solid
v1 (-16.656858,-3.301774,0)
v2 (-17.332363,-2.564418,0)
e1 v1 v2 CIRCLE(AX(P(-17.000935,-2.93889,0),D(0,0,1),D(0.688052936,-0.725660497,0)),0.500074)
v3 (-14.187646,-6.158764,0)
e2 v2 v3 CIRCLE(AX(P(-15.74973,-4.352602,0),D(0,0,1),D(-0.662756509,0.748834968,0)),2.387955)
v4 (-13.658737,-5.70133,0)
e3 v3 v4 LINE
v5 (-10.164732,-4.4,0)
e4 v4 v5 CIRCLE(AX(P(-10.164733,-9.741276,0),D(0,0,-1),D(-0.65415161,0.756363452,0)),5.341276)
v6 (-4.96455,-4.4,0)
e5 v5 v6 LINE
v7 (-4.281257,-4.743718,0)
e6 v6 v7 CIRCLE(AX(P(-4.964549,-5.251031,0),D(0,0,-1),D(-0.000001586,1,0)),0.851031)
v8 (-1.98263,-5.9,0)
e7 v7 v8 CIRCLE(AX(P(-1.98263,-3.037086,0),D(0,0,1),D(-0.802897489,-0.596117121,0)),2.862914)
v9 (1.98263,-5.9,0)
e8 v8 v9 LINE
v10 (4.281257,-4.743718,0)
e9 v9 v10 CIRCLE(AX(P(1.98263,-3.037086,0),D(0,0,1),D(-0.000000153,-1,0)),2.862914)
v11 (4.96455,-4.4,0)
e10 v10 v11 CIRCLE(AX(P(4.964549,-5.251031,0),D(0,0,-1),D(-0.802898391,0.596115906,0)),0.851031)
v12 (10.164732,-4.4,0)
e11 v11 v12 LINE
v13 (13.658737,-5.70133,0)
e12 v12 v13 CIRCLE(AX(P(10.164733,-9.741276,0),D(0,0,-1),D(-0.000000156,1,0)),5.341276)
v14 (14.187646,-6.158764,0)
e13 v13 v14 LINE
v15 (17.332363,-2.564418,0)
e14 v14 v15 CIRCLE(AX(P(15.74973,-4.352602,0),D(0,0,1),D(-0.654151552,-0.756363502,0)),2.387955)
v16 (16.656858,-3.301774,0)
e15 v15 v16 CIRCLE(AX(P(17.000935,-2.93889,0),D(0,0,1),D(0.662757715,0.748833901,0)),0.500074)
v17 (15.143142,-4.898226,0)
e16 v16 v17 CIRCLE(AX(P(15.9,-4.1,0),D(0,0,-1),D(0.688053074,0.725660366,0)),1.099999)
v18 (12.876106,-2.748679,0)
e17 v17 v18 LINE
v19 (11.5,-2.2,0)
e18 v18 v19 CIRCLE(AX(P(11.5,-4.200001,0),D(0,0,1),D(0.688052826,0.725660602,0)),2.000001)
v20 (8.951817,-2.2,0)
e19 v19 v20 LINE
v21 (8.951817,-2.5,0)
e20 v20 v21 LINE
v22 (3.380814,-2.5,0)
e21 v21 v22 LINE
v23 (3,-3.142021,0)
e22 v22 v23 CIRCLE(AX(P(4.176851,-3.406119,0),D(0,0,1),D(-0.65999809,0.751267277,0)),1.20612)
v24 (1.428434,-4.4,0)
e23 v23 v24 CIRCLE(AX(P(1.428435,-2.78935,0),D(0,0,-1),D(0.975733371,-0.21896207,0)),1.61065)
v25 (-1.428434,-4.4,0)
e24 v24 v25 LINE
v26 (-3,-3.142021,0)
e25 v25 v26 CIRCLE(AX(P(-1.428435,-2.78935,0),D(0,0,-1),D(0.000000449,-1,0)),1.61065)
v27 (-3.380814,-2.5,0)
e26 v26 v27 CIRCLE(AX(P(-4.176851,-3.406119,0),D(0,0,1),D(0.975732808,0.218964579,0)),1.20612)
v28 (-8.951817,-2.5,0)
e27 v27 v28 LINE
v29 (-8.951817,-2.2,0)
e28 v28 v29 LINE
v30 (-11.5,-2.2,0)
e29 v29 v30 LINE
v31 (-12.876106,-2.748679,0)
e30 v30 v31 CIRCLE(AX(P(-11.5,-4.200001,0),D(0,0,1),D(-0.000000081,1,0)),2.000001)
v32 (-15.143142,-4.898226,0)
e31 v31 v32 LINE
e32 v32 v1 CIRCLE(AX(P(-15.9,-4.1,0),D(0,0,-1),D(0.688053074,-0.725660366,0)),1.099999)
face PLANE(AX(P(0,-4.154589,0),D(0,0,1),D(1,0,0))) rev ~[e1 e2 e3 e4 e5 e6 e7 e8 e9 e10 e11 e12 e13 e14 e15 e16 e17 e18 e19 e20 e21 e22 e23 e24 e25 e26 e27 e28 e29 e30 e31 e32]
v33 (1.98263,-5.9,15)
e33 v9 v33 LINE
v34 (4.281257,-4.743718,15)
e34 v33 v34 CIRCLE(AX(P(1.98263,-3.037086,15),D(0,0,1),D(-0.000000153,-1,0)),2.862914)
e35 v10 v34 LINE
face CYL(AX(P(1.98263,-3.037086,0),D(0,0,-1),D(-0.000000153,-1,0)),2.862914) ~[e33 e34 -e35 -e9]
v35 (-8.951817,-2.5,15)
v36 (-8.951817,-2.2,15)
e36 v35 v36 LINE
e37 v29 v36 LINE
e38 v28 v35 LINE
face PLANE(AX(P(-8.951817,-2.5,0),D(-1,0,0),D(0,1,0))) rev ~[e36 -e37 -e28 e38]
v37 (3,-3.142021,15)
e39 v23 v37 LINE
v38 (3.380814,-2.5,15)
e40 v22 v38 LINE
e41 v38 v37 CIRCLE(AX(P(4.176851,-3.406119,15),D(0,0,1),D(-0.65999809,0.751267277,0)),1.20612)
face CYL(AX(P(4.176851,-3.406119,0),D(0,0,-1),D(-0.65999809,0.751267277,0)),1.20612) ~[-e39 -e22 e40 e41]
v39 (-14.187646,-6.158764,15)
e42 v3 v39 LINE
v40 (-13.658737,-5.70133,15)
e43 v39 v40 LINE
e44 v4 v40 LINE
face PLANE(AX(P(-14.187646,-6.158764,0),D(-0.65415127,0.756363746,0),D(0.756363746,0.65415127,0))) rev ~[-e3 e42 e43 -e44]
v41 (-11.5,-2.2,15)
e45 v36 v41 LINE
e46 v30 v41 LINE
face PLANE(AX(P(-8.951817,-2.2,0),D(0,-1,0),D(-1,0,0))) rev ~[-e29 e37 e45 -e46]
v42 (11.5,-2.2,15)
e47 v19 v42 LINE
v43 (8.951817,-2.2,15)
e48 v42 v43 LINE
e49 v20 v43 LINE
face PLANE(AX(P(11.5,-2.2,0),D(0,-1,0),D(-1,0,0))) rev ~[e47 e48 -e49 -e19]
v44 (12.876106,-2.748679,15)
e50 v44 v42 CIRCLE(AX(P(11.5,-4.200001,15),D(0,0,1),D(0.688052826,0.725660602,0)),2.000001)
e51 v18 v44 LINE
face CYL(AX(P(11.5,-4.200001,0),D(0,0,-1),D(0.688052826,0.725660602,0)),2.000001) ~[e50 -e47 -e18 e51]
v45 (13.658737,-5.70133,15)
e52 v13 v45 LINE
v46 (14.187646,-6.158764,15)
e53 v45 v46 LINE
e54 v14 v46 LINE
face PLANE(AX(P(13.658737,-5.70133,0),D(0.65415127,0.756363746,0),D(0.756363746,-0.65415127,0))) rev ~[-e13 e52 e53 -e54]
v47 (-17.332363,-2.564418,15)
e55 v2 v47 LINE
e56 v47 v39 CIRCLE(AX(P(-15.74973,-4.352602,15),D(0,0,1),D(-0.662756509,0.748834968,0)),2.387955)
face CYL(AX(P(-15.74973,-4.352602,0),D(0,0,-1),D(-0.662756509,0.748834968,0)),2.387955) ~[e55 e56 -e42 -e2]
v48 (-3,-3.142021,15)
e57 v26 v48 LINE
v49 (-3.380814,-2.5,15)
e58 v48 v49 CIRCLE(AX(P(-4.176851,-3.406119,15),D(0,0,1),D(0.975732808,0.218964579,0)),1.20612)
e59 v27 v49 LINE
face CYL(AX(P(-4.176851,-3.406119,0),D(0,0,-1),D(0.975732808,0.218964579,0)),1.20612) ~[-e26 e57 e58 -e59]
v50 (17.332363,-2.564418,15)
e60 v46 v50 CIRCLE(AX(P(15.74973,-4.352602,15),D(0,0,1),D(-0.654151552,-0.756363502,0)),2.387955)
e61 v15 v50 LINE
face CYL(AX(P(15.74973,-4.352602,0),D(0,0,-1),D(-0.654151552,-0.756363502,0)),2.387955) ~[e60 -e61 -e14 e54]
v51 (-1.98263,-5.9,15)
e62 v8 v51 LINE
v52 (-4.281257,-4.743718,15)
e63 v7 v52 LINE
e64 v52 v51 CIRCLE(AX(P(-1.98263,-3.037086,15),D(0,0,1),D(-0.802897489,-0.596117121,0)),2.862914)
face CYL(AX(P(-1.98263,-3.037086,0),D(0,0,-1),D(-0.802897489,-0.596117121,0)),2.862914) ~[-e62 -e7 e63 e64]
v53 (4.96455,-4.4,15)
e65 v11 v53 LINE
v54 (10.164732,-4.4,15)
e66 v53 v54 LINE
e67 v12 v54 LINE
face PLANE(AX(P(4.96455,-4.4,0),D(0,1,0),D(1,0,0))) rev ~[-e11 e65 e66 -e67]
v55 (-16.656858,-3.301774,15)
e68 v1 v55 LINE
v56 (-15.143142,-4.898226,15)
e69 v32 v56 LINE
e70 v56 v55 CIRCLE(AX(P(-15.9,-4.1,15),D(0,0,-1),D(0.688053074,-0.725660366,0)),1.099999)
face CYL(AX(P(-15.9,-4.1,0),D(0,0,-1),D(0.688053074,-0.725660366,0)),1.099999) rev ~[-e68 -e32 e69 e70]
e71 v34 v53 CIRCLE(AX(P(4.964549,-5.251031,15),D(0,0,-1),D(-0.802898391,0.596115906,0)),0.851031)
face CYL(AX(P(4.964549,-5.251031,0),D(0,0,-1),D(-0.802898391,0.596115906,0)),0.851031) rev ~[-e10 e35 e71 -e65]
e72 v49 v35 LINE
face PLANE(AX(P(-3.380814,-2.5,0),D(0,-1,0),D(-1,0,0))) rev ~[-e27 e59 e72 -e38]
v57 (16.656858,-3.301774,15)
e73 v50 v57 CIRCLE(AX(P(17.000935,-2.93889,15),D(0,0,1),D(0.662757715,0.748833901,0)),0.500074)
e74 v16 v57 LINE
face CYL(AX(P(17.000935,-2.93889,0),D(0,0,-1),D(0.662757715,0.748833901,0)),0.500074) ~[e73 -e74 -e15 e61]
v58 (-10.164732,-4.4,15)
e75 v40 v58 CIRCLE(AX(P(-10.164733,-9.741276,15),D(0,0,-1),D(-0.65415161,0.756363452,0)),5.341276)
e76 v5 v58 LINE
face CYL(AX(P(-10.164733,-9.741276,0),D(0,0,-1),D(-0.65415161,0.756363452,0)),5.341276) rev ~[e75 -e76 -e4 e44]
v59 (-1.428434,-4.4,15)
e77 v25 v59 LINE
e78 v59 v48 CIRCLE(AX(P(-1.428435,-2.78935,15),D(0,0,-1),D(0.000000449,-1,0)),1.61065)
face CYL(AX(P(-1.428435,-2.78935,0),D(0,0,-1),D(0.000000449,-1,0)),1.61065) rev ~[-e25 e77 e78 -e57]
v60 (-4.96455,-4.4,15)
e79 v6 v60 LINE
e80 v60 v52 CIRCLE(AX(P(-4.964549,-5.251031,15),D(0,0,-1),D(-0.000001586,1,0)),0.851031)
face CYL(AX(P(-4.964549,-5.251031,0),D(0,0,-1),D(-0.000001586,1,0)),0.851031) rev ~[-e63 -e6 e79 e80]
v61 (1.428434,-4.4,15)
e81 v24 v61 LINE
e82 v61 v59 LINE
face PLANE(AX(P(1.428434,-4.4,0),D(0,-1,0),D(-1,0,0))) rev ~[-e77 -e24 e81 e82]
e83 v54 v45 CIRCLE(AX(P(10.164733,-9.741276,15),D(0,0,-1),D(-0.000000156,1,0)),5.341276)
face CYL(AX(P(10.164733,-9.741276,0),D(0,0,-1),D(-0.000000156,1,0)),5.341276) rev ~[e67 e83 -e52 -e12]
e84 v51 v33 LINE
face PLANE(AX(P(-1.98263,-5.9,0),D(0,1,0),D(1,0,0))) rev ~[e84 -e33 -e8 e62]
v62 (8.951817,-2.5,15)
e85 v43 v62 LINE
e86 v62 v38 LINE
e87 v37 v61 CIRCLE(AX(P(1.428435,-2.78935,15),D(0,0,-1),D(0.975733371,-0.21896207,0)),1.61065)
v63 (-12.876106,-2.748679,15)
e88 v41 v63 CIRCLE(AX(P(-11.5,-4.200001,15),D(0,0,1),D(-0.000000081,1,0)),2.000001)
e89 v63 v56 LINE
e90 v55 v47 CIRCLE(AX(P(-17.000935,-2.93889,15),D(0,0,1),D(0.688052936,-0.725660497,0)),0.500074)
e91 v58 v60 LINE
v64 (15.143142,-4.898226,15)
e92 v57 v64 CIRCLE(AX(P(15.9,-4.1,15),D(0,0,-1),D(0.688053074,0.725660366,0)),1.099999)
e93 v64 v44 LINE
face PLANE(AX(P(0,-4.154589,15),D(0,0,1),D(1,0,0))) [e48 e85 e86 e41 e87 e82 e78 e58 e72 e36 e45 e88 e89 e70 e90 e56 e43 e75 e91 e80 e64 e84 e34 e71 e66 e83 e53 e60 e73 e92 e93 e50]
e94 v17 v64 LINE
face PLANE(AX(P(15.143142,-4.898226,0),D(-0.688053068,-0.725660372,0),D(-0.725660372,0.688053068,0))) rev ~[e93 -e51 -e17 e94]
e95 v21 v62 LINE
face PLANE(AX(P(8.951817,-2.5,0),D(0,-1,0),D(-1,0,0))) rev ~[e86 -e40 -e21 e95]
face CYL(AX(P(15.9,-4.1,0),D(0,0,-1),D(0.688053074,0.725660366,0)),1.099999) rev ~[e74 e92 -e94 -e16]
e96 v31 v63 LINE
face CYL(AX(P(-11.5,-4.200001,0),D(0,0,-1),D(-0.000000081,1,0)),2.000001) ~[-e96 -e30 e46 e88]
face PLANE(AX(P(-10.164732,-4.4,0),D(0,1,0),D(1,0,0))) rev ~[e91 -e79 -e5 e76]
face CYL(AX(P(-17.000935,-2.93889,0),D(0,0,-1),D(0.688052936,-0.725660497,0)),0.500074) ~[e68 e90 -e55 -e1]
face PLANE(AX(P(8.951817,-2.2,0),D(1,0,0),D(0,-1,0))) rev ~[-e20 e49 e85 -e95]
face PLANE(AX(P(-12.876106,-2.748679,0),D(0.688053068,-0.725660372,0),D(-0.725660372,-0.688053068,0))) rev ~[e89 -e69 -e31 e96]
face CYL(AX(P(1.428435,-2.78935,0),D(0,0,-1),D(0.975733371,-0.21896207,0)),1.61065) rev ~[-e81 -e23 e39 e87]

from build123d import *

# Parameters (mm, degrees)
F1_DEPTH = 15


with BuildPart() as f1:
    # F0 (on Top) → F1 (new body)
    with BuildSketch(Plane.XY):
        with BuildLine():
            Line((11.5, -2.2), (8.951817, -2.2))
            Line((8.951817, -2.2), (8.951817, -2.5))
            Line((8.951817, -2.5), (3.380814, -2.5))
            ThreePointArc((3.380814, -2.5), (3.139489, -2.790809), (3, -3.142021))
            ThreePointArc((3, -3.142021), (2.434954, -4.046773), (1.428434, -4.4))
            Line((1.428434, -4.4), (0, -4.4))
            Line((0, -4.4), (-1.428434, -4.4))
            ThreePointArc((-1.428434, -4.4), (-2.434954, -4.046773), (-3, -3.142021))
            ThreePointArc((-3, -3.142021), (-3.139489, -2.790809), (-3.380814, -2.5))
            Line((-3.380814, -2.5), (-8.951817, -2.5))
            Line((-8.951817, -2.5), (-8.951817, -2.2))
            Line((-8.951817, -2.2), (-11.5, -2.2))
            ThreePointArc((-11.5, -2.2), (-12.240729, -2.342227), (-12.876106, -2.748679))
            Line((-12.876106, -2.748679), (-15.143142, -4.898226))
            ThreePointArc((-15.143142, -4.898226), (-16.698226, -4.856858), (-16.656858, -3.301774))
            ThreePointArc((-16.656858, -3.301774), (-16.632203, -2.601088), (-17.332363, -2.564418))
            ThreePointArc((-17.332363, -2.564418), (-17.546933, -5.924986), (-14.187646, -6.158764))
            Line((-14.187646, -6.158764), (-13.658737, -5.70133))
            ThreePointArc((-13.658737, -5.70133), (-12.02897, -4.735894), (-10.164732, -4.4))
            Line((-10.164732, -4.4), (-4.96455, -4.4))
            ThreePointArc((-4.96455, -4.4), (-4.582113, -4.49077), (-4.281257, -4.743718))
            ThreePointArc((-4.281257, -4.743718), (-3.269164, -5.594645), (-1.98263, -5.9))
            Line((-1.98263, -5.9), (0, -5.9))
            Line((0, -5.9), (1.98263, -5.9))
            ThreePointArc((1.98263, -5.9), (3.269164, -5.594645), (4.281257, -4.743718))
            ThreePointArc((4.281257, -4.743718), (4.582113, -4.49077), (4.96455, -4.4))
            Line((4.96455, -4.4), (10.164732, -4.4))
            ThreePointArc((10.164732, -4.4), (12.02897, -4.735894), (13.658737, -5.70133))
            Line((13.658737, -5.70133), (14.187646, -6.158764))
            ThreePointArc((14.187646, -6.158764), (17.546933, -5.924986), (17.332363, -2.564418))
            ThreePointArc((17.332363, -2.564418), (16.632203, -2.601088), (16.656858, -3.301774))
            ThreePointArc((16.656858, -3.301774), (16.698226, -4.856858), (15.143142, -4.898226))
            Line((15.143142, -4.898226), (12.876106, -2.748679))
            ThreePointArc((12.876106, -2.748679), (12.240729, -2.342227), (11.5, -2.2))
        make_face()
    extrude(amount=F1_DEPTH)


solid = f1.part
